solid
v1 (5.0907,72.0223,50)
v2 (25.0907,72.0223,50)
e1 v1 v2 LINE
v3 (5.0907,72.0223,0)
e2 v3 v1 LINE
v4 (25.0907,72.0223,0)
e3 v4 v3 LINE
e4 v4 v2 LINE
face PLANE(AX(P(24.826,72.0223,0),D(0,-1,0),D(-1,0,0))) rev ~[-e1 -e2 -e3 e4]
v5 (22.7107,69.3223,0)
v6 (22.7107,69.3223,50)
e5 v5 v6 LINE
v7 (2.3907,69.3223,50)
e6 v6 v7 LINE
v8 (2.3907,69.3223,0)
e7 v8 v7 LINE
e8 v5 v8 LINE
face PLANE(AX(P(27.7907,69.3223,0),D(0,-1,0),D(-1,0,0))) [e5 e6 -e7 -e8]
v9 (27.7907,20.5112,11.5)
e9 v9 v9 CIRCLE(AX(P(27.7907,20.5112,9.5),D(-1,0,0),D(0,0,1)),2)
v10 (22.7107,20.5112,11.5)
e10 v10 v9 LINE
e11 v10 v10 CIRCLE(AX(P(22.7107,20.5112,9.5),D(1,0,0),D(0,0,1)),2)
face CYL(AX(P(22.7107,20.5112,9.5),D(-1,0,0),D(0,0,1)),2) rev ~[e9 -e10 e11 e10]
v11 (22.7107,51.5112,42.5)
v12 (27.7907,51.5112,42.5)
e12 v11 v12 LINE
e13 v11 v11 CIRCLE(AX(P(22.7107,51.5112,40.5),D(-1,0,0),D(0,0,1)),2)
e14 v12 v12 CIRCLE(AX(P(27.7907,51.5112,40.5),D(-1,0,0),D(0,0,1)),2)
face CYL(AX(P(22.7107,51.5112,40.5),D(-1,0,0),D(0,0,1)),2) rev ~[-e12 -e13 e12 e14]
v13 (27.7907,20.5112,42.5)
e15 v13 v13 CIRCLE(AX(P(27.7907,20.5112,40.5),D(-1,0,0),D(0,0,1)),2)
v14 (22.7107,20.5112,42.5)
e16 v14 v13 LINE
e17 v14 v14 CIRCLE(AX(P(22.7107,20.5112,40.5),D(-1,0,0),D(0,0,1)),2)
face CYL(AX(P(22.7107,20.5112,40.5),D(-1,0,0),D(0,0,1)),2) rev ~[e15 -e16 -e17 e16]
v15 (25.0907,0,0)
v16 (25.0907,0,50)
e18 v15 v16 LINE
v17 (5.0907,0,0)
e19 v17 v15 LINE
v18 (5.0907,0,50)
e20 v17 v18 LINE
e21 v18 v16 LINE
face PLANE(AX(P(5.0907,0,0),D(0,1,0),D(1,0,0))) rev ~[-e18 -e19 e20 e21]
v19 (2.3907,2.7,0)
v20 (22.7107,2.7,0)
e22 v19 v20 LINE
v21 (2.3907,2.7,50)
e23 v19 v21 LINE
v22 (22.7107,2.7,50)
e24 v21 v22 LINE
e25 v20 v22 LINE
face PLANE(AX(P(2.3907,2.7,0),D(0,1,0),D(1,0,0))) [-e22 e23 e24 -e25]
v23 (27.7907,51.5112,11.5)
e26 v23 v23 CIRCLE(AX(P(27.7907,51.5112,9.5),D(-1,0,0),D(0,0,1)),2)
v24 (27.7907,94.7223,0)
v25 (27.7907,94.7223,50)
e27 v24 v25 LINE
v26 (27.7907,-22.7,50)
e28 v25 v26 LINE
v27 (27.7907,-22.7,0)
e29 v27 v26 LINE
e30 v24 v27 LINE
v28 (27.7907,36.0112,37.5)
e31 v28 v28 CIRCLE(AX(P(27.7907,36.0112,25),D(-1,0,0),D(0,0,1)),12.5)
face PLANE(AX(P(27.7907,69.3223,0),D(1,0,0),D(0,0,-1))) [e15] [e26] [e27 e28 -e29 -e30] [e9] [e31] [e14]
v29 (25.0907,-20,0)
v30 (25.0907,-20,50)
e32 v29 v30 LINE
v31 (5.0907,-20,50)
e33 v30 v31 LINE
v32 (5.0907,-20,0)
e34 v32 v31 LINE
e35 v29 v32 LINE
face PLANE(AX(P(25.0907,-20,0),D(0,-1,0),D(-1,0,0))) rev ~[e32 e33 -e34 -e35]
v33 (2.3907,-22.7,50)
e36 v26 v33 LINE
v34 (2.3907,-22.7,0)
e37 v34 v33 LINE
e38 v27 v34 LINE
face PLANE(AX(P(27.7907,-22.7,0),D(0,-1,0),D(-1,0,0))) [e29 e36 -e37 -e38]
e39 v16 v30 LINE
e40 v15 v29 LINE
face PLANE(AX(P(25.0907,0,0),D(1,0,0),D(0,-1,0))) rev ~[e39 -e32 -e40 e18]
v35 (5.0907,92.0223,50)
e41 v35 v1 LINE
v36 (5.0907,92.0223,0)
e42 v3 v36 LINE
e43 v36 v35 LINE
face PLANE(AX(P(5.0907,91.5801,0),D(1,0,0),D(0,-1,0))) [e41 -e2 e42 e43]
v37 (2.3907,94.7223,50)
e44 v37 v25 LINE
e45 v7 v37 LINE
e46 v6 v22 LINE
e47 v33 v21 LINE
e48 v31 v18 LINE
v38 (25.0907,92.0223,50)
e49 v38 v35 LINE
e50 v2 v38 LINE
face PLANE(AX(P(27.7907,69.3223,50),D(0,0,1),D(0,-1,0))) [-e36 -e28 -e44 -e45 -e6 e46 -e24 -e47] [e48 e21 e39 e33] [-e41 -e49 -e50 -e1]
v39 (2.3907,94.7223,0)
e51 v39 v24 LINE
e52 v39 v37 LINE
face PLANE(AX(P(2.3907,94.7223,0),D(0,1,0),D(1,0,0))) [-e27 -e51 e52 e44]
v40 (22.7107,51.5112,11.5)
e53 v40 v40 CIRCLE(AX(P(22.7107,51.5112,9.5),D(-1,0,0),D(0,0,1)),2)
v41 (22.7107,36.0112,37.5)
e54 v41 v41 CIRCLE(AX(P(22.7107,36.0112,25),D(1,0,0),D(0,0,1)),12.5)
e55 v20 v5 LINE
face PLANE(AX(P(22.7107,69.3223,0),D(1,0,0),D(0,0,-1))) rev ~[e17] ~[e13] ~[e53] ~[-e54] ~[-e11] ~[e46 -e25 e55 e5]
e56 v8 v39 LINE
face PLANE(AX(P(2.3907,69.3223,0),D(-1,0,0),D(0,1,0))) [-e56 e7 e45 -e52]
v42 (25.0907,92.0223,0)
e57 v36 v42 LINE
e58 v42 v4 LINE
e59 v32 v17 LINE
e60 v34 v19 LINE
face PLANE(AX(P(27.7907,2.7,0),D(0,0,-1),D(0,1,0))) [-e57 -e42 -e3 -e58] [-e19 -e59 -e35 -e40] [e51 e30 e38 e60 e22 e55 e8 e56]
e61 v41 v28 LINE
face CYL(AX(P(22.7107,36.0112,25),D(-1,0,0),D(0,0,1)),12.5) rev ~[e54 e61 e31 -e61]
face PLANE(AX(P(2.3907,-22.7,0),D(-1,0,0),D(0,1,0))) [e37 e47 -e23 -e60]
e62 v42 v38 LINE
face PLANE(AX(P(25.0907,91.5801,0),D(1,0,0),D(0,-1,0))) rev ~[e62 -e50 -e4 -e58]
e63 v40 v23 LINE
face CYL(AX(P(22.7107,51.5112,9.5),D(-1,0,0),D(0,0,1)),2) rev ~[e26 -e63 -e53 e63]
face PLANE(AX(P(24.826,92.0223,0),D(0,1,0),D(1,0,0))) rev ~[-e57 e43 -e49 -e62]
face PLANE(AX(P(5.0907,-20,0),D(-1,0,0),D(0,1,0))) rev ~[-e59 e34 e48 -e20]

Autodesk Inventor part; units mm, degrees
ref_plane "YZ Plane" through (0, 0, 0) normal (1, 0, 0) x (0, 1, 0)
ref_plane "XZ Plane" through (0, 0, 0) normal (0, 1, 0) x (-1, 0, 0)
ref_plane "XY Plane" through (0, 0, 0) normal (0, 0, 1) x (1, 0, 0)
ref_plane "Work Plane1" through (0, 0, 0) normal (0, 0, 1) x (1, 0, 0)
sketch "Sketch1" plane through (0, 0, 0) normal (0, 0, 1) x (1, 0, 0)
  line L0 (5.0907, -20) -> (5.0907, 0) projected
  line L1 (25.0907, -20) -> (5.0907, -20) projected
  line L2 (25.0907, 0) -> (25.0907, -20) projected
  line L3 (5.0907, 0) -> (25.0907, 0) projected
  line L4 (5.0907, 71.5801) -> (25.0907, 71.5801) projected
  line L5 (5.0907, 91.5801) -> (25.0907, 91.5801) projected
  line L6 (5.0907, 91.5801) -> (5.0907, 71.5801) projected
  line L7 (24.826, 92.0223) -> (24.826, 72.0223) projected
  line L8 (2.3907, 2.7) -> (27.7907, 2.7)
  line L9 (27.7907, 2.7) -> (27.7907, -22.7)
  line L10 (27.7907, -22.7) -> (2.3907, -22.7)
  line L11 (2.3907, -22.7) -> (2.3907, 2.7)
  line L12 (2.3907, 2.7) -> (27.7907, -22.7) construction
  line L13 (27.7907, 2.7) -> (2.3907, -22.7) construction
  line L14 (2.3907, 94.7223) -> (27.7907, 94.7223)
  line L15 (27.7907, 94.7223) -> (27.7907, 69.3223)
  line L16 (27.7907, 69.3223) -> (2.3907, 69.3223)
  line L17 (2.3907, 69.3223) -> (2.3907, 94.7223)
  line L18 (2.3907, 94.7223) -> (27.7907, 69.3223) construction
  line L19 (27.7907, 94.7223) -> (2.3907, 69.3223) construction
  line L20 (25.0907, 72.0223) -> (5.0907, 72.0223)
  line L21 (5.0907, 72.0223) -> (5.0907, 92.0223)
  line L22 (5.0907, 92.0223) -> (25.0907, 92.0223)
  line L23 (25.0907, 92.0223) -> (25.0907, 72.0223)
  line L24 (25.0907, 72.0223) -> (5.0907, 92.0223) construction
  line L25 (5.0907, 72.0223) -> (25.0907, 92.0223) construction
  point P0 (0, 0)
  point P1 (15.0907, -10)
  point P2 (15.0907, 82.0223)
  dimension "d0" = 25.4
  dimension "d1" = 25.4
  dimension "d2" = 25.4
  dimension "d3" = 25.4
  dimension "d4" = 20
  dimension "d5" = 20
extrude "Extrusion1" add sketch "Sketch1" along normal blind 50
sketch "Sketch2" plane through (27.7907, 69.3223, 0) normal (1, 0, 0) x (0, 0, -1)
  line L0 (0, 25.4) -> (0, 0) projected
  line L1 (0, 25.4) -> (-50, 25.4) projected
  line L2 (-50, 0) -> (-50, 25.4) projected
  line L3 (0, 0) -> (-50, 0) projected
  line L4 (0, -66.6223) -> (0, -92.0223) projected
  line L5 (0, -66.6223) -> (-50, -66.6223) projected
  line L6 (-50, -92.0223) -> (-50, -66.6223) projected
  line L7 (0, -92.0223) -> (-50, -92.0223) projected
  line L8 (0, 25.4) -> (-50, 25.4) projected
  line L9 (0, 25.4) -> (-50, 25.4)
  line L10 (-50, 25.4) -> (-50, -92.0223)
  line L11 (-50, -92.0223) -> (0, -92.0223)
  line L12 (0, -92.0223) -> (0, 25.4)
  point P0 (0, -69.3223)
extrude "Extrusion2" add sketch "Sketch2" against normal blind 5.08 contours L12 L5 L10 L3
sketch "Sketch3" plane through (22.7107, 69.3223, 0) normal (-1, 0, 0) x (0, 0, 1)
  line L0 (0, 25.4) -> (0, -92.0223) projected
  line L1 (0, 25.4) -> (50, 25.4) projected
  line L2 (50, -92.0223) -> (50, 25.4) projected
  line L3 (0, -92.0223) -> (50, -92.0223) projected
  circle A0 centre (25, -33.3111) radius 12.5
  line L4 (25, -33.3111) -> (9.5, -33.3111)
  line L5 (9.5, -33.3111) -> (9.5, -48.8111)
  circle A1 centre (9.5, -48.8111) radius 2
  circle A2 centre (9.5, -17.8111) radius 2
  circle A3 centre (40.5, -48.8111) radius 2
  circle A4 centre (40.5, -17.8111) radius 2
  point P0 (0, -69.3223)
  dimension "d10" = 25
  dimension "d11" = 15.5
  dimension "d12" = 15.5
  dimension "d13" = 4
  dimension "d16" = 31
  dimension "d19" = 31
extrude "Extrusion3" cut sketch "Sketch3" against normal blind 5.08 contours A0 | A1 | A2 | A3 | A4
properties part number "ExtruderMount"
